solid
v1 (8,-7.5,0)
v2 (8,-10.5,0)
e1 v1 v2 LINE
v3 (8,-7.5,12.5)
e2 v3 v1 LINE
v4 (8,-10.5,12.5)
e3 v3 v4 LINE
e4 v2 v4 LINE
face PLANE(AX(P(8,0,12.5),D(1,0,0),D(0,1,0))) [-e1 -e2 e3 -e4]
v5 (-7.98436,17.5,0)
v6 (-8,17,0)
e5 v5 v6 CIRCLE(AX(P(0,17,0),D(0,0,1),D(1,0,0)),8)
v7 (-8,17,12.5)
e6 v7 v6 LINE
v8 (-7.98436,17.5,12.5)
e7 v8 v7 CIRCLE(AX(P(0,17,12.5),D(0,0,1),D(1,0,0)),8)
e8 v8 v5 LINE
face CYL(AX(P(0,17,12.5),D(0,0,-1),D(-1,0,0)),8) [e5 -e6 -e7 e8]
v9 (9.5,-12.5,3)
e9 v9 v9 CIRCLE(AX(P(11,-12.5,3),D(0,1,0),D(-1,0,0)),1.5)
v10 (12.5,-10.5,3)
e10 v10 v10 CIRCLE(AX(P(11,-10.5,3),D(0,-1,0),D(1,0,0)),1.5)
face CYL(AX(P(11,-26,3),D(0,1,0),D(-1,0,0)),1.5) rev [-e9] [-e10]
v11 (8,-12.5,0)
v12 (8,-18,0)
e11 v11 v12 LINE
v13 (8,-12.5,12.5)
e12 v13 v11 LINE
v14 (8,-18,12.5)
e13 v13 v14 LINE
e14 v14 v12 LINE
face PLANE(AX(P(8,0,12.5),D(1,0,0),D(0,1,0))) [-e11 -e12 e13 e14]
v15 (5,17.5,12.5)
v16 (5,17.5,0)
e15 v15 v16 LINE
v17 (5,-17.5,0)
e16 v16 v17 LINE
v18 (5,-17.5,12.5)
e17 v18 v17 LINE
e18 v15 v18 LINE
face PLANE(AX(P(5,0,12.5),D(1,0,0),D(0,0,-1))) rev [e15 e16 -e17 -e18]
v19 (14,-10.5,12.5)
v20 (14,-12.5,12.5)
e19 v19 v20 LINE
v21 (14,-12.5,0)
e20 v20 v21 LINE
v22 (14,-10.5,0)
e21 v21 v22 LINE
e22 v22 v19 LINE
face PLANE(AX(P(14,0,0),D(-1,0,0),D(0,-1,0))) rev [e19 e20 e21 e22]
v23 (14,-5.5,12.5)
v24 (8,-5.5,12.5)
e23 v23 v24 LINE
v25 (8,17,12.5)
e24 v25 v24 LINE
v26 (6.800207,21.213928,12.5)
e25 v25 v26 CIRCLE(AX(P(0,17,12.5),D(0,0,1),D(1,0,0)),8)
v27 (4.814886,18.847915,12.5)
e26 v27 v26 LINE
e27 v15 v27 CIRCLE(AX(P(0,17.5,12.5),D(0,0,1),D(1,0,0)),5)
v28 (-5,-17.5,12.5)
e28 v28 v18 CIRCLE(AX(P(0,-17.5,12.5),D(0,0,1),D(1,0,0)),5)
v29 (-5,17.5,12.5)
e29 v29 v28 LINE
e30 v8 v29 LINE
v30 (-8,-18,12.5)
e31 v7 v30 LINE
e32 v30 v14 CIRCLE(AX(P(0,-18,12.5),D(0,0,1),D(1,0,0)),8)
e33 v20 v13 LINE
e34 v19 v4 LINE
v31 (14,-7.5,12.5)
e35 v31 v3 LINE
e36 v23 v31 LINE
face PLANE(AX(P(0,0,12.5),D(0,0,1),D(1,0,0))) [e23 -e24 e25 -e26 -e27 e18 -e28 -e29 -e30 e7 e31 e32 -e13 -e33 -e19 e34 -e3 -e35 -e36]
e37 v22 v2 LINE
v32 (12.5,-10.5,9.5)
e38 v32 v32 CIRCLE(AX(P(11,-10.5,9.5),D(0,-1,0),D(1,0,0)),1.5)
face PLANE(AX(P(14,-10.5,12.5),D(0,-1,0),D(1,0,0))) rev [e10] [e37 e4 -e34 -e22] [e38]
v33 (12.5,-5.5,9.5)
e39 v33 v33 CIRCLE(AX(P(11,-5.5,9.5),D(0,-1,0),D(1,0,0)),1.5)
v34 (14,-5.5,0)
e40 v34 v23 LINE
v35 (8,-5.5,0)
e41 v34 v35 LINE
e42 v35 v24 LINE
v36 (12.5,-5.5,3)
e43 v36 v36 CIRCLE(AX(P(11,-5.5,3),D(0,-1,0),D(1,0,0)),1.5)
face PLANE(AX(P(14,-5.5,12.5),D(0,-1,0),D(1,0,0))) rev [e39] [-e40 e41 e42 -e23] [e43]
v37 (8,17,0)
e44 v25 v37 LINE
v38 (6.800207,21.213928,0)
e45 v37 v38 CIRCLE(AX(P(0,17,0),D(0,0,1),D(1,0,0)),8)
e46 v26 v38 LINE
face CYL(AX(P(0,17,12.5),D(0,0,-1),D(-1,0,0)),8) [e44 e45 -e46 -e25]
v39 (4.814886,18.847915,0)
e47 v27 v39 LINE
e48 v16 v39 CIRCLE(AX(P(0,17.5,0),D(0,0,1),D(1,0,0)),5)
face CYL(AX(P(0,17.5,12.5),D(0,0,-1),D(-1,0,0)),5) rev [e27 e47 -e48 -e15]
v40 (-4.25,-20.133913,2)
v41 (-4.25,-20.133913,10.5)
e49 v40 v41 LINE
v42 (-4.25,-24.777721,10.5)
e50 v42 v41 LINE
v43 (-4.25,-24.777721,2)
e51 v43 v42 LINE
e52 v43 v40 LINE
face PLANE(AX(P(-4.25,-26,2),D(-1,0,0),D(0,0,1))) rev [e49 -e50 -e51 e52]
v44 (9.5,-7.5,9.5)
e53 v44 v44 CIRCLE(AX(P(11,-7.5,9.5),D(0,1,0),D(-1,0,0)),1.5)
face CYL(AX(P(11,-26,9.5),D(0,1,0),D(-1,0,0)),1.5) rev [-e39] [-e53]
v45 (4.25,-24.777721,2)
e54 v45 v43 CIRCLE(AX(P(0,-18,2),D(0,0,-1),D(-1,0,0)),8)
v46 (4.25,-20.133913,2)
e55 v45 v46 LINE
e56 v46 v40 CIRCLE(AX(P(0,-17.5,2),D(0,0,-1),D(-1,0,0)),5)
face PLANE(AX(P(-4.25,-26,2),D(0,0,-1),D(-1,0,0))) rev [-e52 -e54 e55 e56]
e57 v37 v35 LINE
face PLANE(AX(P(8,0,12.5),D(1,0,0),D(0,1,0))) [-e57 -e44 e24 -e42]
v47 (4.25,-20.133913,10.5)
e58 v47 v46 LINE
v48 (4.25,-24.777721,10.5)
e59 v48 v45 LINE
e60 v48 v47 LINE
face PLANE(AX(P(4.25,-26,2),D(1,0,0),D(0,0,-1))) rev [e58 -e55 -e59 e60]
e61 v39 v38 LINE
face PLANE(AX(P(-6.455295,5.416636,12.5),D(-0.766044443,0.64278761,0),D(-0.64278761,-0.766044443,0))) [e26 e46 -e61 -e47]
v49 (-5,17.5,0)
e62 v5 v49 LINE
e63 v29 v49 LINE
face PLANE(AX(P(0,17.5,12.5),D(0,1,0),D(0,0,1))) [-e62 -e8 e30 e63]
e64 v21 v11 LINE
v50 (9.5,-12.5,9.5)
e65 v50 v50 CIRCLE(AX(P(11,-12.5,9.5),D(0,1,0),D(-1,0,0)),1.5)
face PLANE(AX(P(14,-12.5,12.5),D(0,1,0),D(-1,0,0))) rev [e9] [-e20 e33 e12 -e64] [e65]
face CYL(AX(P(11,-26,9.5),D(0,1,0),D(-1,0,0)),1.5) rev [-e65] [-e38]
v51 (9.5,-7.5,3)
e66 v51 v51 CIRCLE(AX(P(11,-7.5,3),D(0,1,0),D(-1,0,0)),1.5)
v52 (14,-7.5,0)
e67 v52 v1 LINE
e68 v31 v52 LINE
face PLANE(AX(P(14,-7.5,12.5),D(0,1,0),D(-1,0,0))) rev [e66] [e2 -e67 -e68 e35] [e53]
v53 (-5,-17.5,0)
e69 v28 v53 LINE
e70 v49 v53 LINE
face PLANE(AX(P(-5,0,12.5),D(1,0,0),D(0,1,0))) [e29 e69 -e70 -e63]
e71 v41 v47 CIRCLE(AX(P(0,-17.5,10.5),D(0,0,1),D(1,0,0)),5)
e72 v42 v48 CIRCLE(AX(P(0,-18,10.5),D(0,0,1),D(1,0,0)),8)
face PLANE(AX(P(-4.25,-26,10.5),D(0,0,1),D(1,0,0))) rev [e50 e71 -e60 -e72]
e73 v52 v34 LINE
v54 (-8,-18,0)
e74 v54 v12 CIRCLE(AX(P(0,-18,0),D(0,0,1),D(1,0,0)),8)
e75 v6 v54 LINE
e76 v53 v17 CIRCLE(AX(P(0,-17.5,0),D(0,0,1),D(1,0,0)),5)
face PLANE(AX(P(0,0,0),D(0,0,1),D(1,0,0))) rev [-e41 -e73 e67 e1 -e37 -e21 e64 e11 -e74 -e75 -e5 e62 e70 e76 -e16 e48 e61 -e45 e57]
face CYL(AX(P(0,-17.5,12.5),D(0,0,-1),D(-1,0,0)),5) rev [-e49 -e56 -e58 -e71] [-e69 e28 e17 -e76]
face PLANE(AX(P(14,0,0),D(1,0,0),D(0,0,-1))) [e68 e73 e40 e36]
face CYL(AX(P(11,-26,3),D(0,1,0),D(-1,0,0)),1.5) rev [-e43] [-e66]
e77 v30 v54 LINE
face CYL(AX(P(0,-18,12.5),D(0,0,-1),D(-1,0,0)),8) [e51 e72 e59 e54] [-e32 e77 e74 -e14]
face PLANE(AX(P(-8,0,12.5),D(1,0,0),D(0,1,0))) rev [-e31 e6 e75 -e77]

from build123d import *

# Parameters (mm, degrees)
BOSS_EXTRUDE1_DEPTH     = 12.5
SKETCH2_W               = 12.5
SKETCH2_H               = 2
BOSS_EXTRUDE2_DEPTH     = 6
SKETCH3_R               = 1.5
CUT_EXTRUDE1_DEPTH      = 32.713927878
CUT_EXTRUDE1_DEPTH_BACK = 16.499999831
SKETCH5_W               = 8.5
SKETCH5_H               = 8.5
CUT_EXTRUDE2_DEPTH      = 26.999999831


with BuildPart() as part:
    # Sketch1 → Boss-Extrude1 (new body)
    with BuildSketch(Plane.XY):
        with BuildLine():
            ThreePointArc((8, 17), (7.694207367, 19.190701486), (6.80020675, 21.213927878))
            Line((6.80020675, 21.213927878), (4.814885895, 18.847914617))
            ThreePointArc((4.814885895, 18.847914617), (4.953505298, 18.180283222), (5, 17.5))
            Line((5, 17.5), (5, -17.5))
            ThreePointArc((5, -17.5), (0, -22.5), (-5, -17.5))
            Line((-5, -17.5), (-5, 17.5))
            Line((-5, 17.5), (-7.984359711, 17.5))
            ThreePointArc((-7.984359711, 17.5), (-7.996088972, 17.250122279), (-8, 17))
            Line((-8, 17), (-8, -17.999999662))
            ThreePointArc((-8, -17.999999662), (-1.69e-07, -25.999999831), (8, -18))
            Line((8, -18), (8, 17))
        make_face()
    extrude(amount=BOSS_EXTRUDE1_DEPTH)

    # Sketch2 → Boss-Extrude2 (add)
    with BuildSketch(Plane(origin=(8, 0, 0), x_dir=(0, 0, -1), z_dir=(1, 0, 0))):
        with Locations((-6.25, -11.5)):
            Rectangle(SKETCH2_W, SKETCH2_H)
        with Locations((-6.25, -6.5)):
            Rectangle(SKETCH2_W, SKETCH2_H)
    extrude(amount=BOSS_EXTRUDE2_DEPTH)

    # Sketch3 → Cut-Extrude1 (cut, two sides)
    with BuildSketch(Plane(origin=(0, -10.5, 0), x_dir=(1, 0, 0), z_dir=(0, 1, 0))) as cut_extrude1_sk:
        with Locations((11, -3)):
            Circle(SKETCH3_R)
        with Locations((11, -9.5)):
            Circle(SKETCH3_R)
    extrude(amount=CUT_EXTRUDE1_DEPTH, mode=Mode.SUBTRACT)
    extrude(cut_extrude1_sk.sketch, amount=-CUT_EXTRUDE1_DEPTH_BACK, mode=Mode.SUBTRACT)

    # Sketch5 → Cut-Extrude2 (cut, through all)
    with BuildSketch(Plane(origin=(0, 0, 0), x_dir=(1, 0, 0), z_dir=(0, 1, 0))):
        with Locations((0, -6.25)):
            Rectangle(SKETCH5_W, SKETCH5_H)
    extrude(amount=-CUT_EXTRUDE2_DEPTH, mode=Mode.SUBTRACT)


solid = part.part
